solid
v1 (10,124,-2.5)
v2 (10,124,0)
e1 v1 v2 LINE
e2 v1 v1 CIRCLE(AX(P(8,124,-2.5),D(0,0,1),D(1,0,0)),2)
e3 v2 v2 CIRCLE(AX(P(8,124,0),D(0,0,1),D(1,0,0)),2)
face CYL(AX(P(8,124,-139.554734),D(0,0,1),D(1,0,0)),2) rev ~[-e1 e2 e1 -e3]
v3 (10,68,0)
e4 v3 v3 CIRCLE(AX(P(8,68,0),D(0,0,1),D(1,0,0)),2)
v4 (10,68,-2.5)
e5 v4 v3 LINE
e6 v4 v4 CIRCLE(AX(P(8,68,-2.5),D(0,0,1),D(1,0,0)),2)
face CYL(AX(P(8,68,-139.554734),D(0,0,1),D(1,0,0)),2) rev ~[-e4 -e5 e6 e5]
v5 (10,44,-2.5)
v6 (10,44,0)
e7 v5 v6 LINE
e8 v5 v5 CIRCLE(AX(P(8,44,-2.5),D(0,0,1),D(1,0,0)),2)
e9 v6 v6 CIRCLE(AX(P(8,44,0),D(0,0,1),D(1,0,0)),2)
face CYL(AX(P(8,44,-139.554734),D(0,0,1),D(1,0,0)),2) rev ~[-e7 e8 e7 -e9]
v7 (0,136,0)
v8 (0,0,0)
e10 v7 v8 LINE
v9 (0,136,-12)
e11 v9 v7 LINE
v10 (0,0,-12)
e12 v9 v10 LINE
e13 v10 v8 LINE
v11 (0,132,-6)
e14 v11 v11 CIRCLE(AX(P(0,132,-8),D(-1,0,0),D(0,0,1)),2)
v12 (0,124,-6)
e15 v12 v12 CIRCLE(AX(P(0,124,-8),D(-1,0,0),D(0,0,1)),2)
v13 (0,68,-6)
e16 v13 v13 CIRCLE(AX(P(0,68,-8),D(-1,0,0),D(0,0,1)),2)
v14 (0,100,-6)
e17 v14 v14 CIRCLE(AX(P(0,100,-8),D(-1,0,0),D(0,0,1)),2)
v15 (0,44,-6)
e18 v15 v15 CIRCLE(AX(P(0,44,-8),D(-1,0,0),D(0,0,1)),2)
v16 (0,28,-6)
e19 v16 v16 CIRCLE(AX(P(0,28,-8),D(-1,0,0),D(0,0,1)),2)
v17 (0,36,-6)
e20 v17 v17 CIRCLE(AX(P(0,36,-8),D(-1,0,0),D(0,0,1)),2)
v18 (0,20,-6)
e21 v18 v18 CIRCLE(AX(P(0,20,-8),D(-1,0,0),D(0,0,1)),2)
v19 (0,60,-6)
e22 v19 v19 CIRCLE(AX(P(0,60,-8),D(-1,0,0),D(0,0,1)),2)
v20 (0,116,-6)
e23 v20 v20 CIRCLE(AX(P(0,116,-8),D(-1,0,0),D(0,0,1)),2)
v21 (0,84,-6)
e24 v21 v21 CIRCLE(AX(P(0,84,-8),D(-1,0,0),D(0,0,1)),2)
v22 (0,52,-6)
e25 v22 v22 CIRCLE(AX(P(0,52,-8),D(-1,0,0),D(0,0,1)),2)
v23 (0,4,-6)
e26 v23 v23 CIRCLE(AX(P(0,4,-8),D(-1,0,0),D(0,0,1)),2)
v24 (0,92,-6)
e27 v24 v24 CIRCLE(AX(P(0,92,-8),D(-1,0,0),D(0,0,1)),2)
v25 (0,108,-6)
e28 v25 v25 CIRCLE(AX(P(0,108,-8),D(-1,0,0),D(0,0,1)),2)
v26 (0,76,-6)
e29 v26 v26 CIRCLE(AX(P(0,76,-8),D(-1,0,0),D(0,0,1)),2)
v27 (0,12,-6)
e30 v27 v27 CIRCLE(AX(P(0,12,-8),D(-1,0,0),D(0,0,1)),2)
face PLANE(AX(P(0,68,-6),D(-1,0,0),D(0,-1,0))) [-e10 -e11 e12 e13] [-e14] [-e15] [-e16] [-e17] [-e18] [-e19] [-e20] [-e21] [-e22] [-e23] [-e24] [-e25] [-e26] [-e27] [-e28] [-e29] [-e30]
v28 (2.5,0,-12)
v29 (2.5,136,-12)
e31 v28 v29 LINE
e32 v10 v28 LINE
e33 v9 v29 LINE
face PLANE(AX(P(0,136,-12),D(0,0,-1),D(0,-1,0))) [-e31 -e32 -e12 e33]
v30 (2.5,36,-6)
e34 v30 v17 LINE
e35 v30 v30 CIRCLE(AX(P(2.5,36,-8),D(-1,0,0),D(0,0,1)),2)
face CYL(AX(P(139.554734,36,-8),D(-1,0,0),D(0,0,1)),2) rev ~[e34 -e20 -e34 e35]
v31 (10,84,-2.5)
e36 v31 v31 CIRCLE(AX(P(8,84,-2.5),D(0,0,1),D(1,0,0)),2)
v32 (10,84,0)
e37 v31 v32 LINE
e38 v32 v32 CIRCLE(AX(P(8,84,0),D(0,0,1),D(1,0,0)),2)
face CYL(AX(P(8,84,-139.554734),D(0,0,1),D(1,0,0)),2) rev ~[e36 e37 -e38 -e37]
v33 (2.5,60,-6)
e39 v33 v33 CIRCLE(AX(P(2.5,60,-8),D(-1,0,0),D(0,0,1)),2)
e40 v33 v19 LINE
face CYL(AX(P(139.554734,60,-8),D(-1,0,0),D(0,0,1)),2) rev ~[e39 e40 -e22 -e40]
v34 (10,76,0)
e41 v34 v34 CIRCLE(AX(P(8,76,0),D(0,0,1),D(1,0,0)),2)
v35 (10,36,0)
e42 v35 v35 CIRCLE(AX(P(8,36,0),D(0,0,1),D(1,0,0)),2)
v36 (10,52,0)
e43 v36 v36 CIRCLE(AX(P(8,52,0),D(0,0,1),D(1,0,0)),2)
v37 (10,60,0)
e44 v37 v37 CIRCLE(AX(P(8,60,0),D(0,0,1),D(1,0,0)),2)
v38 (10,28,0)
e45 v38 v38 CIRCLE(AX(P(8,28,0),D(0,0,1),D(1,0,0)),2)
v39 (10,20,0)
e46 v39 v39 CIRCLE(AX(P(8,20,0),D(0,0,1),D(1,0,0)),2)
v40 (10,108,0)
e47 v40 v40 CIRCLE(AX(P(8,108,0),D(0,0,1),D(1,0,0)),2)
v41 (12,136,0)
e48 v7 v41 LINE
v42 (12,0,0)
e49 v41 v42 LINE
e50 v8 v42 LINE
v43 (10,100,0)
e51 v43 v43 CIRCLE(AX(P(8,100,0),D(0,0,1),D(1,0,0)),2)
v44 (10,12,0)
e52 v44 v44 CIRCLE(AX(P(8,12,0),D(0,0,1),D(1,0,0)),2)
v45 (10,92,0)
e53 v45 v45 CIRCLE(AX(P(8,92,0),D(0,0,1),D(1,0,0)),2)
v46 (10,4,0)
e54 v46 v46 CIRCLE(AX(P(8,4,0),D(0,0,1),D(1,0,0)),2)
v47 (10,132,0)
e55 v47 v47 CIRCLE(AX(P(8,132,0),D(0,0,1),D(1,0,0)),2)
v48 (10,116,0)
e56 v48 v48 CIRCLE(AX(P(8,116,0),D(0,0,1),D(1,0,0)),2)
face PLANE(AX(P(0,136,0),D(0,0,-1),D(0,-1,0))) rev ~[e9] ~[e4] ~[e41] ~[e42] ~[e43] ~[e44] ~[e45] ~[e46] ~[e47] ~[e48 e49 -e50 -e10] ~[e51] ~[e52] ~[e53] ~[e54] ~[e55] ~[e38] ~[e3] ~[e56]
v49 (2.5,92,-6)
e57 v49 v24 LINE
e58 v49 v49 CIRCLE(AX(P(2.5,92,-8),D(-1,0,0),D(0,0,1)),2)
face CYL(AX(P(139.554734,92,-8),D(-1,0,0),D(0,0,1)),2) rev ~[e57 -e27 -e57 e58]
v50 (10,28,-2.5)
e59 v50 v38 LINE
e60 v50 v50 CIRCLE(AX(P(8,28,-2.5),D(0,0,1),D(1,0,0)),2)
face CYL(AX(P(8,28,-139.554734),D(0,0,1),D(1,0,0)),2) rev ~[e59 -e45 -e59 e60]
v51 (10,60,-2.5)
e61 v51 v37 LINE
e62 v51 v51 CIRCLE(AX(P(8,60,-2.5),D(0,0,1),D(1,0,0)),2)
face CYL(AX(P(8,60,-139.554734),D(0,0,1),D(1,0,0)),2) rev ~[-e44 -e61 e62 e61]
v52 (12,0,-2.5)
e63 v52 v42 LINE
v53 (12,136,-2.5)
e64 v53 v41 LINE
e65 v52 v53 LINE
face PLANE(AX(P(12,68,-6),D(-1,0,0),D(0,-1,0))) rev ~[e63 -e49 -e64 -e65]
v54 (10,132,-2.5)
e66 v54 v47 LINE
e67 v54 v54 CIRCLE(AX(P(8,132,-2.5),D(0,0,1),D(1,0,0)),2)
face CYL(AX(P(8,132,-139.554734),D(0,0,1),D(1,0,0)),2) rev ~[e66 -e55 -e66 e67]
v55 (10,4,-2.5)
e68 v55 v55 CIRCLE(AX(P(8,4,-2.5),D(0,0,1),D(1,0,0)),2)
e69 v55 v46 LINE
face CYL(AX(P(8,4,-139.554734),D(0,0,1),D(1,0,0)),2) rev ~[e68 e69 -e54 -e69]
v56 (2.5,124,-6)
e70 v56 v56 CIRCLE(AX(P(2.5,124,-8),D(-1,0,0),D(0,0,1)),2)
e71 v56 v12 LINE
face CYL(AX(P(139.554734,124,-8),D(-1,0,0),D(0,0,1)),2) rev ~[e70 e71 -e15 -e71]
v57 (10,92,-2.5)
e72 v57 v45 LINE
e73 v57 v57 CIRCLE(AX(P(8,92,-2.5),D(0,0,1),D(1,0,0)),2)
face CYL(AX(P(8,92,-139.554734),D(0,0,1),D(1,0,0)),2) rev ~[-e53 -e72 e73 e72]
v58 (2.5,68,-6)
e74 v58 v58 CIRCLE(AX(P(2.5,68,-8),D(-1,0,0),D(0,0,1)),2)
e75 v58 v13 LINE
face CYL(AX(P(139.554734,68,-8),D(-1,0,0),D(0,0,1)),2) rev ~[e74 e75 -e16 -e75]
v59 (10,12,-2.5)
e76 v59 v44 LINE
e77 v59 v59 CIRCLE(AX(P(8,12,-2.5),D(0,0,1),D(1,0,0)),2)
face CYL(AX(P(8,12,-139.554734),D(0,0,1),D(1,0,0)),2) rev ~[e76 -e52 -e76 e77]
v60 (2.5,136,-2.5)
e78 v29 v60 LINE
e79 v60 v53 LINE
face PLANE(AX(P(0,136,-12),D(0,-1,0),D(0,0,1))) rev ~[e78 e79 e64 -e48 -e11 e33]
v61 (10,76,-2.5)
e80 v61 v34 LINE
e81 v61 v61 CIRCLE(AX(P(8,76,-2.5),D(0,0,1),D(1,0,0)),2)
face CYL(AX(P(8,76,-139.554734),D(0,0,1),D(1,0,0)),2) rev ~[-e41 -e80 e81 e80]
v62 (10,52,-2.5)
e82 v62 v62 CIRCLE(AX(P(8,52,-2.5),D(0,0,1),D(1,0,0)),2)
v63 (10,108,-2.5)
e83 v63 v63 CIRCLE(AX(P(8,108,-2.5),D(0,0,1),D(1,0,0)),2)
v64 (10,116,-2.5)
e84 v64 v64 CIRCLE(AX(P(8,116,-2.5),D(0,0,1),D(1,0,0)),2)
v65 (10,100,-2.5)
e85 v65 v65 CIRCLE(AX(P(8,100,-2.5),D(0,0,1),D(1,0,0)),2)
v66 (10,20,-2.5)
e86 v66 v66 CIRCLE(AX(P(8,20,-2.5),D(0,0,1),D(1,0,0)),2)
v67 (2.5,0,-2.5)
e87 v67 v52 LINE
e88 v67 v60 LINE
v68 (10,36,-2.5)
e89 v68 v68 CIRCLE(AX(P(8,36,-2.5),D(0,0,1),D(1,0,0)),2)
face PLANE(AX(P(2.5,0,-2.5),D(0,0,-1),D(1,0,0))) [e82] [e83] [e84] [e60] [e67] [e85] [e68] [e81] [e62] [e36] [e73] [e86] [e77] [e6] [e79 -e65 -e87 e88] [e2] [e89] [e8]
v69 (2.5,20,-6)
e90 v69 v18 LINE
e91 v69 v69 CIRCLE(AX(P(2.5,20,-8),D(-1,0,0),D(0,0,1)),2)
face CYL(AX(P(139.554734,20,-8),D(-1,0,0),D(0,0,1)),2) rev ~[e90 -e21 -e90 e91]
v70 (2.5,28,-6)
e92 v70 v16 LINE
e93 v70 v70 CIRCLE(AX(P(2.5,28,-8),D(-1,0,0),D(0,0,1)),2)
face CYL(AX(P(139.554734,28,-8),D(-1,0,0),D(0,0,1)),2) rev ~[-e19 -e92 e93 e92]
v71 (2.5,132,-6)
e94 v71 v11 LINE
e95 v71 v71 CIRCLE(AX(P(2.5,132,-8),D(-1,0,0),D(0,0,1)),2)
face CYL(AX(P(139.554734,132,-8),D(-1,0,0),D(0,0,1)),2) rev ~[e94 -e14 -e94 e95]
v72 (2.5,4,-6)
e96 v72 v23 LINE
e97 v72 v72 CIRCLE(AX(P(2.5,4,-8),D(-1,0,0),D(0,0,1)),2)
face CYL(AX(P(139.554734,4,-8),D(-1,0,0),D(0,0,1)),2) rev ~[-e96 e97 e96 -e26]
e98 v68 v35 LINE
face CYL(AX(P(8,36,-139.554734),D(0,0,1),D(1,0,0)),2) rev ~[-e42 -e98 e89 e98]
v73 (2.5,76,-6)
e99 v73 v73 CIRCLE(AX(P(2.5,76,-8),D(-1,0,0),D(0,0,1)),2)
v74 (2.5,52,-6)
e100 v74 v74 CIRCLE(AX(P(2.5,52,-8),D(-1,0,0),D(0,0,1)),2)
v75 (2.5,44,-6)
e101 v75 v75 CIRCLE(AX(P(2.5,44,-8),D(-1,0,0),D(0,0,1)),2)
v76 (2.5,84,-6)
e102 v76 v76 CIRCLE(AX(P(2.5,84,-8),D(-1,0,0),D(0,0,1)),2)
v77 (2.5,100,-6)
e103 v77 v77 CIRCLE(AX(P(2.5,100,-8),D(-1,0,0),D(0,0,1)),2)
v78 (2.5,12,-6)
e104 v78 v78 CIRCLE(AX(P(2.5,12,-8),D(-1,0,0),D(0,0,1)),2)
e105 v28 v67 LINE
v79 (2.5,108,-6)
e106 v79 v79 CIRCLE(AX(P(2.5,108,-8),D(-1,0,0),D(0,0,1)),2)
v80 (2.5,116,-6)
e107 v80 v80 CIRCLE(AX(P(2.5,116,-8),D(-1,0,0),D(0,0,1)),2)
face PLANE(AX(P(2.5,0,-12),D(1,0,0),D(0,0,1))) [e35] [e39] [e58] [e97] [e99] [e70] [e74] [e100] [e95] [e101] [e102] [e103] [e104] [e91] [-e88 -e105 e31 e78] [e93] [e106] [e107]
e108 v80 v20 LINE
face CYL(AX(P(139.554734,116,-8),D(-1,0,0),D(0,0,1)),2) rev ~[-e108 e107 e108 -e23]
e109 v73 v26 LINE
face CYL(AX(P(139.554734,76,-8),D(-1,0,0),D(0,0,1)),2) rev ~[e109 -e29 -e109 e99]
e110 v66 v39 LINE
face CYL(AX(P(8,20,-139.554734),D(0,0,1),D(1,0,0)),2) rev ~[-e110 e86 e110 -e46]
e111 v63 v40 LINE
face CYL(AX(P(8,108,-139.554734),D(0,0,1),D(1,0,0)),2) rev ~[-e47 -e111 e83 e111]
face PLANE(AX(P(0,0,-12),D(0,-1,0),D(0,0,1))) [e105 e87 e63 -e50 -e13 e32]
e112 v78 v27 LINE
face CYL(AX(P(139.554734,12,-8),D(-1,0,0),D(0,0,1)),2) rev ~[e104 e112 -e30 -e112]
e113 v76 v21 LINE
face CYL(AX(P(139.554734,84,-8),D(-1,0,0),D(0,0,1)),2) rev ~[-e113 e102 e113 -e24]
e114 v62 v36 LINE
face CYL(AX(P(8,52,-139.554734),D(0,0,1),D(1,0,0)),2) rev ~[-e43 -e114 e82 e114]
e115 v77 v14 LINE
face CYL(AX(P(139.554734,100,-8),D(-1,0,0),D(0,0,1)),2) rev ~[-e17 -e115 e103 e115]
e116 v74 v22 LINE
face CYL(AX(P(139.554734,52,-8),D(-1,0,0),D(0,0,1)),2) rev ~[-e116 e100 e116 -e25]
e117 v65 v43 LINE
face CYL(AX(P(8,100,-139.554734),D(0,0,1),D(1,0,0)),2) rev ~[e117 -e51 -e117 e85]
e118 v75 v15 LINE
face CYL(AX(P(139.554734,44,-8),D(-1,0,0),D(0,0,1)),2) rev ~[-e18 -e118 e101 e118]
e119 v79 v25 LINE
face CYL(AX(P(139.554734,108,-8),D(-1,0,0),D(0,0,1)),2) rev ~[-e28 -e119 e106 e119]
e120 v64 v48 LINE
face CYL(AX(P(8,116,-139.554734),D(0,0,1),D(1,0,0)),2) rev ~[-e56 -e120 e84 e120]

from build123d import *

# Parameters (mm, degrees)
SKETCH1_W                = 136
SKETCH1_H                = 12
BOSS_EXTRUDE1_DEPTH      = 12
SKETCH2_W                = 9.5
SKETCH2_H                = 9.5
CUT_EXTRUDE1_DEPTH       = 138.054733592
F_4_0_4_DIAMETER_HOLE1_D = 4
F_4_0_4_DIAMETER_HOLE2_D = 4


with BuildPart() as part:
    # Sketch1 → Boss-Extrude1 (new body)
    with BuildSketch(Plane(origin=(0, 0, 0), x_dir=(0, -1, 0), z_dir=(-1, 0, 0))):
        with Locations((-68, -6)):
            Rectangle(SKETCH1_W, SKETCH1_H)
    extrude(amount=-BOSS_EXTRUDE1_DEPTH)

    # Sketch2 → Cut-Extrude1 (cut, through all)
    with BuildSketch(Plane.XZ):
        with Locations((7.25, -7.25)):
            Rectangle(SKETCH2_W, SKETCH2_H)
    extrude(amount=-CUT_EXTRUDE1_DEPTH, mode=Mode.SUBTRACT)

    # Ø4.0 (4) Diameter Hole1 (through all)
    with Locations(Plane(origin=(0, 0, -2.5), x_dir=(-1, 0, 0), z_dir=(0, 0, -1))):
        with Locations((-8, 4), (-8, 12), (-8, 20), (-8, 28), (-8, 36), (-8, 44), (-8, 52), (-8, 60), (-8, 68), (-8, 76), (-8, 84), (-8, 92), (-8, 100), (-8, 108), (-8, 116), (-8, 124), (-8, 132)):
            Hole(F_4_0_4_DIAMETER_HOLE1_D / 2)

    # Ø4.0 (4) Diameter Hole2 (through all)
    with Locations(Plane(origin=(2.5, 0, 0), x_dir=(0, 0, -1), z_dir=(1, 0, 0))):
        with Locations((8, 12), (8, 4), (8, 20), (8, 28), (8, 36), (8, 44), (8, 52), (8, 60), (8, 68), (8, 76), (8, 84), (8, 92), (8, 100), (8, 108), (8, 116), (8, 124), (8, 132)):
            Hole(F_4_0_4_DIAMETER_HOLE2_D / 2)


solid = part.part
